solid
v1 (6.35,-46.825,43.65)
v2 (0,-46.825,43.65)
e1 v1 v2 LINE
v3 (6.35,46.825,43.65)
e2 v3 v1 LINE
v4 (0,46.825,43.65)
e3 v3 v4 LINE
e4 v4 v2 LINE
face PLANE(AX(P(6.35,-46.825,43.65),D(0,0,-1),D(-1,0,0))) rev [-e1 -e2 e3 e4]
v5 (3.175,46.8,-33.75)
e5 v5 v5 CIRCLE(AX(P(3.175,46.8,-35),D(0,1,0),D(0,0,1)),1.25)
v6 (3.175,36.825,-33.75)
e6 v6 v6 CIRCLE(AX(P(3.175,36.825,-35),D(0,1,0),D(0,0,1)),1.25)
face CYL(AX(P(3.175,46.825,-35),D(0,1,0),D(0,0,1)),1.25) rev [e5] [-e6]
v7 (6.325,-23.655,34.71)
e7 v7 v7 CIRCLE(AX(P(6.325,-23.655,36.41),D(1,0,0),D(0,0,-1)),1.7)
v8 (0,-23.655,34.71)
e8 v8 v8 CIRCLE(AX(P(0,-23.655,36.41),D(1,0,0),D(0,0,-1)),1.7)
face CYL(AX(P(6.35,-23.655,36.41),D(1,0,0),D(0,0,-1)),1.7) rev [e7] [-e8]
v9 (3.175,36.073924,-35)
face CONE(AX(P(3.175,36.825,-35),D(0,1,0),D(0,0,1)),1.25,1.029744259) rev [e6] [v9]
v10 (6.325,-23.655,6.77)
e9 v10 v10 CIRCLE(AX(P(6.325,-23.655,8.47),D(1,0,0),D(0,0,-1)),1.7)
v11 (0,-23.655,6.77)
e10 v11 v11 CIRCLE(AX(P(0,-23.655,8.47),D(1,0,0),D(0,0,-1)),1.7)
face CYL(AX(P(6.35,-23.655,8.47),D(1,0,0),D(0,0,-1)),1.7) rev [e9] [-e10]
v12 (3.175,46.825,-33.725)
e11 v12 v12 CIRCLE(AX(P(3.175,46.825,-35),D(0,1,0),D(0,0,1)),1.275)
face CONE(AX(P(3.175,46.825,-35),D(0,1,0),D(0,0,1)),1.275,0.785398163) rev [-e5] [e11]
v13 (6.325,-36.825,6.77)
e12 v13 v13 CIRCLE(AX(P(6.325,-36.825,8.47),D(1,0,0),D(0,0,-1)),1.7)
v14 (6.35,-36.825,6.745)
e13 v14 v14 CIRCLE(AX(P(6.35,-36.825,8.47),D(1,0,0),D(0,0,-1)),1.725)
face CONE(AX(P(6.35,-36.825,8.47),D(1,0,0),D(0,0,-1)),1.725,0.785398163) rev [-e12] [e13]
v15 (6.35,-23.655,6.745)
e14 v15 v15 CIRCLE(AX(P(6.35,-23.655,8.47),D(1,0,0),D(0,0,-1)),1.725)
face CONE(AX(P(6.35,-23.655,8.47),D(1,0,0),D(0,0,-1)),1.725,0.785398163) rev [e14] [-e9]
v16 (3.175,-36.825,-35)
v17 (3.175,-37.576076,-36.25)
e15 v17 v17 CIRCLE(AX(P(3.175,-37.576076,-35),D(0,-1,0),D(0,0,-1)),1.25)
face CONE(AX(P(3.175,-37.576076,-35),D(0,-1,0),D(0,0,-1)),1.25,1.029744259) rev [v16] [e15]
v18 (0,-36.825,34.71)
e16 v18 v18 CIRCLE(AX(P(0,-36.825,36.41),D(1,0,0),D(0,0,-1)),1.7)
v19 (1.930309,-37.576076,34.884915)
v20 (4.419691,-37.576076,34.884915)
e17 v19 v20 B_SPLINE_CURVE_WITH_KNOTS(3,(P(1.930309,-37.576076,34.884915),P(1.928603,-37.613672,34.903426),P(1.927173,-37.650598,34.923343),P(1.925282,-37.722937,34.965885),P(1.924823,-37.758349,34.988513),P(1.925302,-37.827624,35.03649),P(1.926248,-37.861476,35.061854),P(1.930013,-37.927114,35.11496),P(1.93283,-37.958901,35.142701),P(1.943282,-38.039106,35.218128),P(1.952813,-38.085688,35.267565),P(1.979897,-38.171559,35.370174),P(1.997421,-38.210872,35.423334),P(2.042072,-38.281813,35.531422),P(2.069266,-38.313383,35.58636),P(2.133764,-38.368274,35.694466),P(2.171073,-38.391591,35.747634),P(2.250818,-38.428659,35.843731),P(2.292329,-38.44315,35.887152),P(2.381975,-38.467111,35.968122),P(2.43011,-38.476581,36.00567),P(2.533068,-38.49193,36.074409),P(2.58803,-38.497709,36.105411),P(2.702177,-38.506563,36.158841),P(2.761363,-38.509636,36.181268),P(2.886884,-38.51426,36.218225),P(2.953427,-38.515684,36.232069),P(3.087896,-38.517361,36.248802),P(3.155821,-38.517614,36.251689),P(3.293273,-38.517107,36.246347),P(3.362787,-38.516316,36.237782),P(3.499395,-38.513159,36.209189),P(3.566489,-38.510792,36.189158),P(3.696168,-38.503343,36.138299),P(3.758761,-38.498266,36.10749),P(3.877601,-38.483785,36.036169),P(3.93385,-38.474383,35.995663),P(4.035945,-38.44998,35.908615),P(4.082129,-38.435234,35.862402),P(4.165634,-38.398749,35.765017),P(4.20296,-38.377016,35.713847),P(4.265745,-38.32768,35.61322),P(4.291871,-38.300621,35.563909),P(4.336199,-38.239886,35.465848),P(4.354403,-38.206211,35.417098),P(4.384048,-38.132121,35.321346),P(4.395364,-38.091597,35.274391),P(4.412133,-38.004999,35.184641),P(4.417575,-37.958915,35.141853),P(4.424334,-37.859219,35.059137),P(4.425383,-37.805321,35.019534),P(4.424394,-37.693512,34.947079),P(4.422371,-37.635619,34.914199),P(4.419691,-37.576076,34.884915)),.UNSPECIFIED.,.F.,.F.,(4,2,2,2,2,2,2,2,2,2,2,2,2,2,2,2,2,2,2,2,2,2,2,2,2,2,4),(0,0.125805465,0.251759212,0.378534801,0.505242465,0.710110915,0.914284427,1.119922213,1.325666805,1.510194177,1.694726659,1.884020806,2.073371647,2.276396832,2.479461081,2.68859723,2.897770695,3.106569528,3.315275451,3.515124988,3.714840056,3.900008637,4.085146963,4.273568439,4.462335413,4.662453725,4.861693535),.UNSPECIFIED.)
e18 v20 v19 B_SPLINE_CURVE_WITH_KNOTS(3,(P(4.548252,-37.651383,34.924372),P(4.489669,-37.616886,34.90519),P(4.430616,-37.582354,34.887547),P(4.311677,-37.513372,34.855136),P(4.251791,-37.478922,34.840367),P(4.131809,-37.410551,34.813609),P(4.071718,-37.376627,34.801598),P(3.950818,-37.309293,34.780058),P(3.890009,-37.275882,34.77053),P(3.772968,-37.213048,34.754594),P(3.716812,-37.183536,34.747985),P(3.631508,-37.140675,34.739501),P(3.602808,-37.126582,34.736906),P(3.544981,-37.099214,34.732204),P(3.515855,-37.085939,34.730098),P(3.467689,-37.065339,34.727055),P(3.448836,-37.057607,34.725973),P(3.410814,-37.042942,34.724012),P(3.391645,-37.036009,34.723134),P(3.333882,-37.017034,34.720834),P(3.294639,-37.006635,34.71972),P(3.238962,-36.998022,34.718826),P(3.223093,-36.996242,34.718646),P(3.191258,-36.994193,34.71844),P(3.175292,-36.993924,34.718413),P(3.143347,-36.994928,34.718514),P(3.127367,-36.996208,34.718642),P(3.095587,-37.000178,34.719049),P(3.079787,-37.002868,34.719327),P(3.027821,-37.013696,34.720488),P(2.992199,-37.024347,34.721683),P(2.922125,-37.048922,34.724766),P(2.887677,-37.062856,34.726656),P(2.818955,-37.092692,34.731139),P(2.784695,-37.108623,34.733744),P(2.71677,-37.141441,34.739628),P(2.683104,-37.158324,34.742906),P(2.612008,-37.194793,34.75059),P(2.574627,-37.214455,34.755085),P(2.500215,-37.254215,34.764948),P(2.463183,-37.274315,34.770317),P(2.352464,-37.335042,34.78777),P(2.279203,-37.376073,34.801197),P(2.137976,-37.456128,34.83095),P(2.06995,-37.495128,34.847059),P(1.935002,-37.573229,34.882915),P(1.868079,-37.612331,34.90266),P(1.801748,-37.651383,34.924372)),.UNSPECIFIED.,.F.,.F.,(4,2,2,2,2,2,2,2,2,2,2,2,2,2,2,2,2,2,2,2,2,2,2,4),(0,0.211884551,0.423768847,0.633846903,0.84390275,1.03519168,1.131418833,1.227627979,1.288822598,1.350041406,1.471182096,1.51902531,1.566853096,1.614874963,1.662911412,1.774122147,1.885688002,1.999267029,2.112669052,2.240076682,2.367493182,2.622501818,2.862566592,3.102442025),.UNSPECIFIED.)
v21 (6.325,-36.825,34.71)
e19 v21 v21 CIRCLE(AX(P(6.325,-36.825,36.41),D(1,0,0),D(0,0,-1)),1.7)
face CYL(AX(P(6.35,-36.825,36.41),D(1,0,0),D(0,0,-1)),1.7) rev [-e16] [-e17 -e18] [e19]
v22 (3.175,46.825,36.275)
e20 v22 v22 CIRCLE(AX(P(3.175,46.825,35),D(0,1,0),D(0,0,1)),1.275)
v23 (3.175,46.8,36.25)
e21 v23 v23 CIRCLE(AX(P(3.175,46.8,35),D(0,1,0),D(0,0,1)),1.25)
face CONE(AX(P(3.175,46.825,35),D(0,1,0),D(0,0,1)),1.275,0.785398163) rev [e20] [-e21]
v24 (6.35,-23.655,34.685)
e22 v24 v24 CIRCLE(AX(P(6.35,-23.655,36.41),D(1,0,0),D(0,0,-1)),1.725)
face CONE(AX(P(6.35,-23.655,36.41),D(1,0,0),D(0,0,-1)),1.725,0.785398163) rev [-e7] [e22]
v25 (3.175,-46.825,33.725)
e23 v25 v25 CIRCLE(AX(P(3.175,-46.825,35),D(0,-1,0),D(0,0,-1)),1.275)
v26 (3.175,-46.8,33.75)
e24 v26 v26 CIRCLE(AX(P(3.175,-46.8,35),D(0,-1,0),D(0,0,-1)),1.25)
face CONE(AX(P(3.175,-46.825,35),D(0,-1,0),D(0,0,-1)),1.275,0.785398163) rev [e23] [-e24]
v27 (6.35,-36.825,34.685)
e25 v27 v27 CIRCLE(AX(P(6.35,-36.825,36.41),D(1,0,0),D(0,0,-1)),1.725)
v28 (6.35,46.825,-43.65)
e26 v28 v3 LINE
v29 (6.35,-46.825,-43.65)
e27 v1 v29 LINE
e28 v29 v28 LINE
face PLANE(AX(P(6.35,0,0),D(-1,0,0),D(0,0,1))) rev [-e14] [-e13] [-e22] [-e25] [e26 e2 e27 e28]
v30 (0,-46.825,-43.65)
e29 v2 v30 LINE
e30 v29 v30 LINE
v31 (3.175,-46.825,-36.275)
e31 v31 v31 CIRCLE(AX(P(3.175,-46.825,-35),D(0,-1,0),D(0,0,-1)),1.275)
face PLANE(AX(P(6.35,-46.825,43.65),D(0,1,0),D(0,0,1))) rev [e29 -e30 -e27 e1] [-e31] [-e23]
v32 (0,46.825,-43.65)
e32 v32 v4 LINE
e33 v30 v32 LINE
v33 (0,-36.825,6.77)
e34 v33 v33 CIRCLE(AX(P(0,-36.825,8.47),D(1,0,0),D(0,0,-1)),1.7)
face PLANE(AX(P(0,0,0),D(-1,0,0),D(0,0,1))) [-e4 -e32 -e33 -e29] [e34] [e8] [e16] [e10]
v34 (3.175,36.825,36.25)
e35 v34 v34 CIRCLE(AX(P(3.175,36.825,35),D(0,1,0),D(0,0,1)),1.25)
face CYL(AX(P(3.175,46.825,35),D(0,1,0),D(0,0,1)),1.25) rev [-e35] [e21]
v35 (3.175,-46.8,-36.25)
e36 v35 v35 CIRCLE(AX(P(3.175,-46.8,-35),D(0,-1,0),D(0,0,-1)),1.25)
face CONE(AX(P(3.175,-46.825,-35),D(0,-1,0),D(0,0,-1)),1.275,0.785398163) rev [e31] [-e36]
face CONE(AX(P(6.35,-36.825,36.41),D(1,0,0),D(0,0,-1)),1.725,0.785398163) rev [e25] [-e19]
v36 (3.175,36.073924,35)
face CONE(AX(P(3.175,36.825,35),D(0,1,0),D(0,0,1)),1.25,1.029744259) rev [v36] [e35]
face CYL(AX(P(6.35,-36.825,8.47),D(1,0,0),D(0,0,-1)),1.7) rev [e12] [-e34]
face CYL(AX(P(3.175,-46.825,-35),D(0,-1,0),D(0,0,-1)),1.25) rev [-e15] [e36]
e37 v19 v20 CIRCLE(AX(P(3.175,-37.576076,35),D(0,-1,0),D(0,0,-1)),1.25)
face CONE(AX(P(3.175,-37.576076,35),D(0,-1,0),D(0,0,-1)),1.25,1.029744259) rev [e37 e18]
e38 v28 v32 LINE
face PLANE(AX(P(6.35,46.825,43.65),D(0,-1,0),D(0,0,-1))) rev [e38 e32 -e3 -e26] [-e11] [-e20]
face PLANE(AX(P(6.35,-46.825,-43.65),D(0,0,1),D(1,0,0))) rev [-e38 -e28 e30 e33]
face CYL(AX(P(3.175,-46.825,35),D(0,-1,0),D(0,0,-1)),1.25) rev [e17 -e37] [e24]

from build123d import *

# Parameters (mm, degrees)
SKETCH1_W                             = 87.3
SKETCH1_H                             = 93.65
BOSS_EXTRUDE1_DEPTH                   = 6.35
TAP_DRILL_FOR_M3X0_5_TAP1_D           = 2.5
TAP_DRILL_FOR_M3X0_5_TAP1_DEPTH       = 10
TAP_DRILL_FOR_M3X0_5_TAP1_CSINK_D     = 2.55
TAP_DRILL_FOR_M3X0_5_TAP1_CSINK_ANGLE = 90
TAP_DRILL_FOR_M3X0_5_TAP1_TIP         = 0.751075774
TAP_DRILL_FOR_M3X0_5_TAP2_D           = 2.5
TAP_DRILL_FOR_M3X0_5_TAP2_DEPTH       = 9.248924226
TAP_DRILL_FOR_M3X0_5_TAP2_CSINK_D     = 2.55
TAP_DRILL_FOR_M3X0_5_TAP2_CSINK_ANGLE = 90
TAP_DRILL_FOR_M3X0_5_TAP2_TIP         = 0.751075774
M3_CLEARANCE_HOLE1_D                  = 3.4
M3_CLEARANCE_HOLE1_CSINK_D            = 3.45
M3_CLEARANCE_HOLE1_CSINK_ANGLE        = 90


with BuildPart() as part:
    # Sketch1 → Boss-Extrude1 (new body)
    with BuildSketch(Plane(origin=(0, 0, 0), x_dir=(0, 0, -1), z_dir=(1, 0, 0))):
        Rectangle(SKETCH1_W, SKETCH1_H)
    extrude(amount=BOSS_EXTRUDE1_DEPTH)

    # Tap Drill for M3x0.5 Tap1
    with Locations(Plane(origin=(0, 46.825, 0), x_dir=(1, 0, 0), z_dir=(0, 1, 0))):
        with Locations((3.175, 35), (3.175, -35)):
            CounterSinkHole(TAP_DRILL_FOR_M3X0_5_TAP1_D / 2, TAP_DRILL_FOR_M3X0_5_TAP1_CSINK_D / 2, depth=TAP_DRILL_FOR_M3X0_5_TAP1_DEPTH, counter_sink_angle=TAP_DRILL_FOR_M3X0_5_TAP1_CSINK_ANGLE)
            with Locations((0, 0, -(TAP_DRILL_FOR_M3X0_5_TAP1_DEPTH + TAP_DRILL_FOR_M3X0_5_TAP1_TIP / 2))):  # 118° drill point
                Cone(0, TAP_DRILL_FOR_M3X0_5_TAP1_D / 2, TAP_DRILL_FOR_M3X0_5_TAP1_TIP, mode=Mode.SUBTRACT)

    # Tap Drill for M3x0.5 Tap2
    with Locations(Plane(origin=(0, -46.825, 0), x_dir=(-1, 0, 0), z_dir=(0, -1, 0))):
        with Locations((-3.175, -35), (-3.175, 35)):
            CounterSinkHole(TAP_DRILL_FOR_M3X0_5_TAP2_D / 2, TAP_DRILL_FOR_M3X0_5_TAP2_CSINK_D / 2, depth=TAP_DRILL_FOR_M3X0_5_TAP2_DEPTH, counter_sink_angle=TAP_DRILL_FOR_M3X0_5_TAP2_CSINK_ANGLE)
            with Locations((0, 0, -(TAP_DRILL_FOR_M3X0_5_TAP2_DEPTH + TAP_DRILL_FOR_M3X0_5_TAP2_TIP / 2))):  # 118° drill point
                Cone(0, TAP_DRILL_FOR_M3X0_5_TAP2_D / 2, TAP_DRILL_FOR_M3X0_5_TAP2_TIP, mode=Mode.SUBTRACT)

    # M3 Clearance Hole1 (through all)
    with Locations(Plane(origin=(6.35, 0, 0), x_dir=(0, 0, -1), z_dir=(1, 0, 0))):
        with Locations((-36.41, -23.655), (-8.47, -23.655), (-8.47, -36.825), (-36.41, -36.825)):
            CounterSinkHole(M3_CLEARANCE_HOLE1_D / 2, M3_CLEARANCE_HOLE1_CSINK_D / 2, counter_sink_angle=M3_CLEARANCE_HOLE1_CSINK_ANGLE)


solid = part.part
